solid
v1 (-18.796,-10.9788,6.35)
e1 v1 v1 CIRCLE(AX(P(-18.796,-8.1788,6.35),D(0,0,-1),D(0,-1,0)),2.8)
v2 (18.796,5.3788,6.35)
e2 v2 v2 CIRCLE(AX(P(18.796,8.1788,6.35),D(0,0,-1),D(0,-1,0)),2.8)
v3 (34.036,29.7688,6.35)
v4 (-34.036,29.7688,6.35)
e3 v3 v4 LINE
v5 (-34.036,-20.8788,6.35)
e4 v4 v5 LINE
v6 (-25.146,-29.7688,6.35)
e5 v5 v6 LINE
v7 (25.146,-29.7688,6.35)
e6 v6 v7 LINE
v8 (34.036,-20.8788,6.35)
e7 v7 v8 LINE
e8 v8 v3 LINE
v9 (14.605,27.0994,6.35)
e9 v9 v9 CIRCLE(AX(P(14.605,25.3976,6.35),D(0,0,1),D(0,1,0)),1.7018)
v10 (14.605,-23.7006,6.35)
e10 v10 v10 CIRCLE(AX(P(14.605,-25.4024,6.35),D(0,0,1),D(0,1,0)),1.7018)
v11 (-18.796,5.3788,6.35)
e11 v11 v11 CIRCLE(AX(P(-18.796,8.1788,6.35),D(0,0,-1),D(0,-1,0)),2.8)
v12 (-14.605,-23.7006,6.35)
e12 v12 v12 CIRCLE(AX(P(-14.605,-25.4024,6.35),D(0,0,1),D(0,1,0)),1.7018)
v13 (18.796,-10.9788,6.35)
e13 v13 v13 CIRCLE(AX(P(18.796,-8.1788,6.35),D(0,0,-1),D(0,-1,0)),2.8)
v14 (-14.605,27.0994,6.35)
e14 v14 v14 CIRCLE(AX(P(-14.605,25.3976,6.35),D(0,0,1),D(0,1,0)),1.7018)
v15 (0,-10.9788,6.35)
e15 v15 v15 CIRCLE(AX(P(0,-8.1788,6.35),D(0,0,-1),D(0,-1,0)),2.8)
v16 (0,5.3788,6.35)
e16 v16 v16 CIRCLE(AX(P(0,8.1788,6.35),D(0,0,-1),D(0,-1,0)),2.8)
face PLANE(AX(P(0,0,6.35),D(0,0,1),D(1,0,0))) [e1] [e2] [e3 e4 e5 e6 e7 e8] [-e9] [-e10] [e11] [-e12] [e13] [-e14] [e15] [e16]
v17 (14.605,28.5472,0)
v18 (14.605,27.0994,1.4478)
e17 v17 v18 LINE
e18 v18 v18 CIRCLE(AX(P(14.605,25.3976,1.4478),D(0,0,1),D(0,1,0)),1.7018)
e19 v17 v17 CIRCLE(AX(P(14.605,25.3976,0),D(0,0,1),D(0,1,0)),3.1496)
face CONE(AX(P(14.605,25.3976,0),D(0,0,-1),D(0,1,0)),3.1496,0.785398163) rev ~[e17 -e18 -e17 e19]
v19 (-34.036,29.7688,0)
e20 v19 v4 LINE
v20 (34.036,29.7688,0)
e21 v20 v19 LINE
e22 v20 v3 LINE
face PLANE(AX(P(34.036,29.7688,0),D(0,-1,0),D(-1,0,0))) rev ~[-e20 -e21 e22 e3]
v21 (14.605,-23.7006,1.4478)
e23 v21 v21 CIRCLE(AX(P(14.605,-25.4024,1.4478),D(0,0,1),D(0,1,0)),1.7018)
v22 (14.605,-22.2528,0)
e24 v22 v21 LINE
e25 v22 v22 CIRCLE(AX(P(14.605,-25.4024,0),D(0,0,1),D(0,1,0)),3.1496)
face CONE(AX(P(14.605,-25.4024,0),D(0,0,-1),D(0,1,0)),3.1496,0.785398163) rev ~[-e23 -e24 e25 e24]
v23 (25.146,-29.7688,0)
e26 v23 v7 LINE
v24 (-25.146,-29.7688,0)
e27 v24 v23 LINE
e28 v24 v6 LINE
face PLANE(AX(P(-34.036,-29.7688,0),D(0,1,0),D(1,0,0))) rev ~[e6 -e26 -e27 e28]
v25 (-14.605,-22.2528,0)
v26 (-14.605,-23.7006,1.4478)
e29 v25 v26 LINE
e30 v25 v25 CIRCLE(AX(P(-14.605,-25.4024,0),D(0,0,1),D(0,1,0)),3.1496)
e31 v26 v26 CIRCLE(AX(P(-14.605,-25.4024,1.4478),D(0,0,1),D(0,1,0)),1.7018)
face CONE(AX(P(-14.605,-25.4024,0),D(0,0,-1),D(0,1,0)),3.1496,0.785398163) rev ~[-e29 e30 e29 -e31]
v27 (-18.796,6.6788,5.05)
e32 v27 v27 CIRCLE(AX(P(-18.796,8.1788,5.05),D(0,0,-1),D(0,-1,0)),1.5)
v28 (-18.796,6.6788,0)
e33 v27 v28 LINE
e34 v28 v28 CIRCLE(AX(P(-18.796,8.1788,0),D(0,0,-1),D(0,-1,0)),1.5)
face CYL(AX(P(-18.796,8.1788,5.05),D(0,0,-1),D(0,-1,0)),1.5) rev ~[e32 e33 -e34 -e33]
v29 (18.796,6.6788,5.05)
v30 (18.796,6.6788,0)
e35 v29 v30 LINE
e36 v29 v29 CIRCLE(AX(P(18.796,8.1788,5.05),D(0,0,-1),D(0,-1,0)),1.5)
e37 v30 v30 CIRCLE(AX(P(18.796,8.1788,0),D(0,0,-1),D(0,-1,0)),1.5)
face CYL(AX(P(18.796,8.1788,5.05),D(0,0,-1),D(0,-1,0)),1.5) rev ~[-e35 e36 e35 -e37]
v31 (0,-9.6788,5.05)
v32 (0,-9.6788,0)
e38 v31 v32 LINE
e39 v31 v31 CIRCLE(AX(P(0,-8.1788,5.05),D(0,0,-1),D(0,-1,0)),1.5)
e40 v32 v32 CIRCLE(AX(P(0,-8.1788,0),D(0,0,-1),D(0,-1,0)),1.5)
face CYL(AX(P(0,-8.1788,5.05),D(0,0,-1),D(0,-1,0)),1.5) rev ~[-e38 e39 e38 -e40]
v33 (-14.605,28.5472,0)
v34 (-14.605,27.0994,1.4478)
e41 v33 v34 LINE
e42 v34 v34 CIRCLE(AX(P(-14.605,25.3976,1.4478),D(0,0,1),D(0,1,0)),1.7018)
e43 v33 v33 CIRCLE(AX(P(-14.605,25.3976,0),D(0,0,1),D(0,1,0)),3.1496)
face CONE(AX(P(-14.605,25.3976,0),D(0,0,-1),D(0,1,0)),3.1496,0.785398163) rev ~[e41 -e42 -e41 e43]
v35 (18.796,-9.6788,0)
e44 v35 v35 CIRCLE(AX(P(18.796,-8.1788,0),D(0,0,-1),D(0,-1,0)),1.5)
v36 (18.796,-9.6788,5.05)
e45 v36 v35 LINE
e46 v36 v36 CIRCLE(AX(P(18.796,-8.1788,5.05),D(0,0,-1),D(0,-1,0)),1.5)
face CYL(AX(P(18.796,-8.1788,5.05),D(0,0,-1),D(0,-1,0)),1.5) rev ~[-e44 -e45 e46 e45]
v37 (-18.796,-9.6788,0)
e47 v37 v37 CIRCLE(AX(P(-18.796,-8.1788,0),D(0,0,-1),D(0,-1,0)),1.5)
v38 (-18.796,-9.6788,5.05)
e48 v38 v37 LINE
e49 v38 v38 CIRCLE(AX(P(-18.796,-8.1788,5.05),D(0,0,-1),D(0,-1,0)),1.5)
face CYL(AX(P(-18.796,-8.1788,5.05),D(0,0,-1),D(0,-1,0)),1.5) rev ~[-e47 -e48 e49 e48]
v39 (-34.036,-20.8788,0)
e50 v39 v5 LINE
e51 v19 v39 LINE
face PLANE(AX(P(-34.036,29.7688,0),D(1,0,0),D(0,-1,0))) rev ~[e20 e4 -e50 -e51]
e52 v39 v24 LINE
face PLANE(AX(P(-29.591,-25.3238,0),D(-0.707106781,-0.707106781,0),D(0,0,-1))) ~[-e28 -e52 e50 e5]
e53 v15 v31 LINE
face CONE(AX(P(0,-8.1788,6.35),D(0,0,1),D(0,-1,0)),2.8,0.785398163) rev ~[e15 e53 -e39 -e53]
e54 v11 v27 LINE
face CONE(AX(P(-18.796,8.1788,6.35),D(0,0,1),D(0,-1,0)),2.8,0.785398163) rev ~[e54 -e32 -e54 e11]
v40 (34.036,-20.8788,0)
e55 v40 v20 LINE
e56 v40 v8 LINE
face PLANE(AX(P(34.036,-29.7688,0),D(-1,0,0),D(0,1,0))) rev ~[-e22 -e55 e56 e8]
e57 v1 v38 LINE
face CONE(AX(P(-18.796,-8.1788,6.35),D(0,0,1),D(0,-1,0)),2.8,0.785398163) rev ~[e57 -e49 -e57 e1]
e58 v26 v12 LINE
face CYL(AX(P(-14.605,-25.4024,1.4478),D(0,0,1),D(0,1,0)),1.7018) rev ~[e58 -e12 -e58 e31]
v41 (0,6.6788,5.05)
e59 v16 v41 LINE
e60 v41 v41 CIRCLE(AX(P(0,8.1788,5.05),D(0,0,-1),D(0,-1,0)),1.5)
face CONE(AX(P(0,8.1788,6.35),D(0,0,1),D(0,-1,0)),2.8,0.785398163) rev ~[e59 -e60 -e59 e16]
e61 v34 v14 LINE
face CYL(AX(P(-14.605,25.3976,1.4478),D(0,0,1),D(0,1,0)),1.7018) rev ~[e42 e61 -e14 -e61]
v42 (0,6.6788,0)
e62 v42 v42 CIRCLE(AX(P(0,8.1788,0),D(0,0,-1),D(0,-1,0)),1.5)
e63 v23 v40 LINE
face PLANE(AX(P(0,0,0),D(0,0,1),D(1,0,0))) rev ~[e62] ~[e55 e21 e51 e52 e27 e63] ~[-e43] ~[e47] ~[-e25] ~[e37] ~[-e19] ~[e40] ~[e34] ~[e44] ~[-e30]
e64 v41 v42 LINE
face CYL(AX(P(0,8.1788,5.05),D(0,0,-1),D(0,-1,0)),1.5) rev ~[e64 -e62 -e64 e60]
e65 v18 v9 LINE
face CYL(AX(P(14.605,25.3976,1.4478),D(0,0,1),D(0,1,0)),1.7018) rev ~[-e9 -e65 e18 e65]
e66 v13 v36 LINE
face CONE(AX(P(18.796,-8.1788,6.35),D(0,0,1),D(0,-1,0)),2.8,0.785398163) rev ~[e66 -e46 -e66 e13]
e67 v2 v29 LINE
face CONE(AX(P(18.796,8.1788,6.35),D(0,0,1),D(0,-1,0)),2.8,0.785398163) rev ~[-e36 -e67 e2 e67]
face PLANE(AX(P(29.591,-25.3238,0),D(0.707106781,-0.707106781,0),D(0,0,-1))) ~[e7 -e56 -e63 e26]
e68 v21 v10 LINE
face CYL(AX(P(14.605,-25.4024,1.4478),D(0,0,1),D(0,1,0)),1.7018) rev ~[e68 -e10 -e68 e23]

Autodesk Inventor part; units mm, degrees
ref_plane "YZ Plane" through (0, 0, 0) normal (1, 0, 0) x (0, 1, 0)
ref_plane "XZ Plane" through (0, 0, 0) normal (0, 1, 0) x (-1, 0, 0)
ref_plane "XY Plane" through (0, 0, 0) normal (0, 0, 1) x (1, 0, 0)
sketch "Sketch1" plane through (0, 0, 0) normal (0, 0, 1) x (1, 0, 0)
  line L0 (-34.036, -29.7688) -> (34.036, -29.7688)
  line L1 (34.036, -29.7688) -> (34.036, 29.7688)
  line L2 (34.036, 29.7688) -> (-34.036, 29.7688)
  line L3 (-34.036, 29.7688) -> (-34.036, -29.7688)
  line L4 (-34.036, -29.7688) -> (34.036, 29.7688) construction
  line L5 (34.036, -29.7688) -> (-34.036, 29.7688) construction
  point P0 (0, 0)
  dimension "d0" = 68.072
  dimension "d1" = 59.5376
extrude "Extrusion1" add sketch "Sketch1" along normal blind 6.35
sketch "Sketch3" plane through (0, 0, 6.35) normal (0, 0, 1) x (1, 0, 0)
  line L0 (34.036, 29.7688) -> (-34.036, 29.7688) projected
  line L1 (-34.036, -29.7688) -> (34.036, -29.7688) projected
  line L2 (-34.036, 29.7688) -> (-34.036, -29.7688) projected
  line L3 (34.036, -29.7688) -> (34.036, 29.7688) projected
  point P0 (0, 0)
  point P1 (-18.796, 8.1788)
  point P2 (-18.796, -8.1788)
  point P3 (18.796, -8.1788)
  point P4 (18.796, 8.1788)
  point P5 (0, 8.1788)
  point P6 (0, -8.1788)
  dimension "d17" = 21.59
  dimension "d18" = 21.59
  dimension "d19" = 15.24
  dimension "d20" = 15.24
  dimension "d21" = 18.796
  dimension "d23" = 37.592
hole "Hole2" at (-18.796, 8.1788, 6.35) at (-18.796, -8.1788, 6.35) at (18.796, -8.1788, 6.35) at (18.796, 8.1788, 6.35) at (0, 8.1788, 6.35) at (0, -8.1788, 6.35) direction (0, 0, -1) diameter 3 depth 25.4 tip angle 118 countersink diameter 5.6 countersink angle 90
chamfer "Chamfer1" distance 8.89 angle 45 2 edges at (-34.036, -29.7688, 3.175) (34.036, -29.7688, 3.175)
sketch "Sketch4" plane through (0, 0, 0) normal (0, 0, -1) x (-1, 0, 0)
  circle A0 centre (-14.605, -25.4024) radius 1.7018 projected
  circle A1 centre (14.605, -25.4024) radius 1.7018 projected
  circle A2 centre (14.605, 25.3976) radius 1.7018 projected
  circle A3 centre (-14.605, 25.3976) radius 1.7018 projected
  point P0 (0, 0)
hole "Hole3" at (14.605, -25.4024, 0) at (-14.605, -25.4024, 0) at (-14.605, 25.3976, 0) at (14.605, 25.3976, 0) direction (0, 0, 1) diameter 3.4036 end through all countersink diameter 6.2992 countersink angle 90 clearance for "Flat Head Machine Screw" size "M3" standard "Ansi Metric M Profile"
equation "\"d18\" = d17"
equation "\"d20\" = d19"
equation "\"d21\" = 0.5 * d23"
properties part number "DPLX_P032_VIPE Insulation Middle" material "Polyethylene, High Density"
